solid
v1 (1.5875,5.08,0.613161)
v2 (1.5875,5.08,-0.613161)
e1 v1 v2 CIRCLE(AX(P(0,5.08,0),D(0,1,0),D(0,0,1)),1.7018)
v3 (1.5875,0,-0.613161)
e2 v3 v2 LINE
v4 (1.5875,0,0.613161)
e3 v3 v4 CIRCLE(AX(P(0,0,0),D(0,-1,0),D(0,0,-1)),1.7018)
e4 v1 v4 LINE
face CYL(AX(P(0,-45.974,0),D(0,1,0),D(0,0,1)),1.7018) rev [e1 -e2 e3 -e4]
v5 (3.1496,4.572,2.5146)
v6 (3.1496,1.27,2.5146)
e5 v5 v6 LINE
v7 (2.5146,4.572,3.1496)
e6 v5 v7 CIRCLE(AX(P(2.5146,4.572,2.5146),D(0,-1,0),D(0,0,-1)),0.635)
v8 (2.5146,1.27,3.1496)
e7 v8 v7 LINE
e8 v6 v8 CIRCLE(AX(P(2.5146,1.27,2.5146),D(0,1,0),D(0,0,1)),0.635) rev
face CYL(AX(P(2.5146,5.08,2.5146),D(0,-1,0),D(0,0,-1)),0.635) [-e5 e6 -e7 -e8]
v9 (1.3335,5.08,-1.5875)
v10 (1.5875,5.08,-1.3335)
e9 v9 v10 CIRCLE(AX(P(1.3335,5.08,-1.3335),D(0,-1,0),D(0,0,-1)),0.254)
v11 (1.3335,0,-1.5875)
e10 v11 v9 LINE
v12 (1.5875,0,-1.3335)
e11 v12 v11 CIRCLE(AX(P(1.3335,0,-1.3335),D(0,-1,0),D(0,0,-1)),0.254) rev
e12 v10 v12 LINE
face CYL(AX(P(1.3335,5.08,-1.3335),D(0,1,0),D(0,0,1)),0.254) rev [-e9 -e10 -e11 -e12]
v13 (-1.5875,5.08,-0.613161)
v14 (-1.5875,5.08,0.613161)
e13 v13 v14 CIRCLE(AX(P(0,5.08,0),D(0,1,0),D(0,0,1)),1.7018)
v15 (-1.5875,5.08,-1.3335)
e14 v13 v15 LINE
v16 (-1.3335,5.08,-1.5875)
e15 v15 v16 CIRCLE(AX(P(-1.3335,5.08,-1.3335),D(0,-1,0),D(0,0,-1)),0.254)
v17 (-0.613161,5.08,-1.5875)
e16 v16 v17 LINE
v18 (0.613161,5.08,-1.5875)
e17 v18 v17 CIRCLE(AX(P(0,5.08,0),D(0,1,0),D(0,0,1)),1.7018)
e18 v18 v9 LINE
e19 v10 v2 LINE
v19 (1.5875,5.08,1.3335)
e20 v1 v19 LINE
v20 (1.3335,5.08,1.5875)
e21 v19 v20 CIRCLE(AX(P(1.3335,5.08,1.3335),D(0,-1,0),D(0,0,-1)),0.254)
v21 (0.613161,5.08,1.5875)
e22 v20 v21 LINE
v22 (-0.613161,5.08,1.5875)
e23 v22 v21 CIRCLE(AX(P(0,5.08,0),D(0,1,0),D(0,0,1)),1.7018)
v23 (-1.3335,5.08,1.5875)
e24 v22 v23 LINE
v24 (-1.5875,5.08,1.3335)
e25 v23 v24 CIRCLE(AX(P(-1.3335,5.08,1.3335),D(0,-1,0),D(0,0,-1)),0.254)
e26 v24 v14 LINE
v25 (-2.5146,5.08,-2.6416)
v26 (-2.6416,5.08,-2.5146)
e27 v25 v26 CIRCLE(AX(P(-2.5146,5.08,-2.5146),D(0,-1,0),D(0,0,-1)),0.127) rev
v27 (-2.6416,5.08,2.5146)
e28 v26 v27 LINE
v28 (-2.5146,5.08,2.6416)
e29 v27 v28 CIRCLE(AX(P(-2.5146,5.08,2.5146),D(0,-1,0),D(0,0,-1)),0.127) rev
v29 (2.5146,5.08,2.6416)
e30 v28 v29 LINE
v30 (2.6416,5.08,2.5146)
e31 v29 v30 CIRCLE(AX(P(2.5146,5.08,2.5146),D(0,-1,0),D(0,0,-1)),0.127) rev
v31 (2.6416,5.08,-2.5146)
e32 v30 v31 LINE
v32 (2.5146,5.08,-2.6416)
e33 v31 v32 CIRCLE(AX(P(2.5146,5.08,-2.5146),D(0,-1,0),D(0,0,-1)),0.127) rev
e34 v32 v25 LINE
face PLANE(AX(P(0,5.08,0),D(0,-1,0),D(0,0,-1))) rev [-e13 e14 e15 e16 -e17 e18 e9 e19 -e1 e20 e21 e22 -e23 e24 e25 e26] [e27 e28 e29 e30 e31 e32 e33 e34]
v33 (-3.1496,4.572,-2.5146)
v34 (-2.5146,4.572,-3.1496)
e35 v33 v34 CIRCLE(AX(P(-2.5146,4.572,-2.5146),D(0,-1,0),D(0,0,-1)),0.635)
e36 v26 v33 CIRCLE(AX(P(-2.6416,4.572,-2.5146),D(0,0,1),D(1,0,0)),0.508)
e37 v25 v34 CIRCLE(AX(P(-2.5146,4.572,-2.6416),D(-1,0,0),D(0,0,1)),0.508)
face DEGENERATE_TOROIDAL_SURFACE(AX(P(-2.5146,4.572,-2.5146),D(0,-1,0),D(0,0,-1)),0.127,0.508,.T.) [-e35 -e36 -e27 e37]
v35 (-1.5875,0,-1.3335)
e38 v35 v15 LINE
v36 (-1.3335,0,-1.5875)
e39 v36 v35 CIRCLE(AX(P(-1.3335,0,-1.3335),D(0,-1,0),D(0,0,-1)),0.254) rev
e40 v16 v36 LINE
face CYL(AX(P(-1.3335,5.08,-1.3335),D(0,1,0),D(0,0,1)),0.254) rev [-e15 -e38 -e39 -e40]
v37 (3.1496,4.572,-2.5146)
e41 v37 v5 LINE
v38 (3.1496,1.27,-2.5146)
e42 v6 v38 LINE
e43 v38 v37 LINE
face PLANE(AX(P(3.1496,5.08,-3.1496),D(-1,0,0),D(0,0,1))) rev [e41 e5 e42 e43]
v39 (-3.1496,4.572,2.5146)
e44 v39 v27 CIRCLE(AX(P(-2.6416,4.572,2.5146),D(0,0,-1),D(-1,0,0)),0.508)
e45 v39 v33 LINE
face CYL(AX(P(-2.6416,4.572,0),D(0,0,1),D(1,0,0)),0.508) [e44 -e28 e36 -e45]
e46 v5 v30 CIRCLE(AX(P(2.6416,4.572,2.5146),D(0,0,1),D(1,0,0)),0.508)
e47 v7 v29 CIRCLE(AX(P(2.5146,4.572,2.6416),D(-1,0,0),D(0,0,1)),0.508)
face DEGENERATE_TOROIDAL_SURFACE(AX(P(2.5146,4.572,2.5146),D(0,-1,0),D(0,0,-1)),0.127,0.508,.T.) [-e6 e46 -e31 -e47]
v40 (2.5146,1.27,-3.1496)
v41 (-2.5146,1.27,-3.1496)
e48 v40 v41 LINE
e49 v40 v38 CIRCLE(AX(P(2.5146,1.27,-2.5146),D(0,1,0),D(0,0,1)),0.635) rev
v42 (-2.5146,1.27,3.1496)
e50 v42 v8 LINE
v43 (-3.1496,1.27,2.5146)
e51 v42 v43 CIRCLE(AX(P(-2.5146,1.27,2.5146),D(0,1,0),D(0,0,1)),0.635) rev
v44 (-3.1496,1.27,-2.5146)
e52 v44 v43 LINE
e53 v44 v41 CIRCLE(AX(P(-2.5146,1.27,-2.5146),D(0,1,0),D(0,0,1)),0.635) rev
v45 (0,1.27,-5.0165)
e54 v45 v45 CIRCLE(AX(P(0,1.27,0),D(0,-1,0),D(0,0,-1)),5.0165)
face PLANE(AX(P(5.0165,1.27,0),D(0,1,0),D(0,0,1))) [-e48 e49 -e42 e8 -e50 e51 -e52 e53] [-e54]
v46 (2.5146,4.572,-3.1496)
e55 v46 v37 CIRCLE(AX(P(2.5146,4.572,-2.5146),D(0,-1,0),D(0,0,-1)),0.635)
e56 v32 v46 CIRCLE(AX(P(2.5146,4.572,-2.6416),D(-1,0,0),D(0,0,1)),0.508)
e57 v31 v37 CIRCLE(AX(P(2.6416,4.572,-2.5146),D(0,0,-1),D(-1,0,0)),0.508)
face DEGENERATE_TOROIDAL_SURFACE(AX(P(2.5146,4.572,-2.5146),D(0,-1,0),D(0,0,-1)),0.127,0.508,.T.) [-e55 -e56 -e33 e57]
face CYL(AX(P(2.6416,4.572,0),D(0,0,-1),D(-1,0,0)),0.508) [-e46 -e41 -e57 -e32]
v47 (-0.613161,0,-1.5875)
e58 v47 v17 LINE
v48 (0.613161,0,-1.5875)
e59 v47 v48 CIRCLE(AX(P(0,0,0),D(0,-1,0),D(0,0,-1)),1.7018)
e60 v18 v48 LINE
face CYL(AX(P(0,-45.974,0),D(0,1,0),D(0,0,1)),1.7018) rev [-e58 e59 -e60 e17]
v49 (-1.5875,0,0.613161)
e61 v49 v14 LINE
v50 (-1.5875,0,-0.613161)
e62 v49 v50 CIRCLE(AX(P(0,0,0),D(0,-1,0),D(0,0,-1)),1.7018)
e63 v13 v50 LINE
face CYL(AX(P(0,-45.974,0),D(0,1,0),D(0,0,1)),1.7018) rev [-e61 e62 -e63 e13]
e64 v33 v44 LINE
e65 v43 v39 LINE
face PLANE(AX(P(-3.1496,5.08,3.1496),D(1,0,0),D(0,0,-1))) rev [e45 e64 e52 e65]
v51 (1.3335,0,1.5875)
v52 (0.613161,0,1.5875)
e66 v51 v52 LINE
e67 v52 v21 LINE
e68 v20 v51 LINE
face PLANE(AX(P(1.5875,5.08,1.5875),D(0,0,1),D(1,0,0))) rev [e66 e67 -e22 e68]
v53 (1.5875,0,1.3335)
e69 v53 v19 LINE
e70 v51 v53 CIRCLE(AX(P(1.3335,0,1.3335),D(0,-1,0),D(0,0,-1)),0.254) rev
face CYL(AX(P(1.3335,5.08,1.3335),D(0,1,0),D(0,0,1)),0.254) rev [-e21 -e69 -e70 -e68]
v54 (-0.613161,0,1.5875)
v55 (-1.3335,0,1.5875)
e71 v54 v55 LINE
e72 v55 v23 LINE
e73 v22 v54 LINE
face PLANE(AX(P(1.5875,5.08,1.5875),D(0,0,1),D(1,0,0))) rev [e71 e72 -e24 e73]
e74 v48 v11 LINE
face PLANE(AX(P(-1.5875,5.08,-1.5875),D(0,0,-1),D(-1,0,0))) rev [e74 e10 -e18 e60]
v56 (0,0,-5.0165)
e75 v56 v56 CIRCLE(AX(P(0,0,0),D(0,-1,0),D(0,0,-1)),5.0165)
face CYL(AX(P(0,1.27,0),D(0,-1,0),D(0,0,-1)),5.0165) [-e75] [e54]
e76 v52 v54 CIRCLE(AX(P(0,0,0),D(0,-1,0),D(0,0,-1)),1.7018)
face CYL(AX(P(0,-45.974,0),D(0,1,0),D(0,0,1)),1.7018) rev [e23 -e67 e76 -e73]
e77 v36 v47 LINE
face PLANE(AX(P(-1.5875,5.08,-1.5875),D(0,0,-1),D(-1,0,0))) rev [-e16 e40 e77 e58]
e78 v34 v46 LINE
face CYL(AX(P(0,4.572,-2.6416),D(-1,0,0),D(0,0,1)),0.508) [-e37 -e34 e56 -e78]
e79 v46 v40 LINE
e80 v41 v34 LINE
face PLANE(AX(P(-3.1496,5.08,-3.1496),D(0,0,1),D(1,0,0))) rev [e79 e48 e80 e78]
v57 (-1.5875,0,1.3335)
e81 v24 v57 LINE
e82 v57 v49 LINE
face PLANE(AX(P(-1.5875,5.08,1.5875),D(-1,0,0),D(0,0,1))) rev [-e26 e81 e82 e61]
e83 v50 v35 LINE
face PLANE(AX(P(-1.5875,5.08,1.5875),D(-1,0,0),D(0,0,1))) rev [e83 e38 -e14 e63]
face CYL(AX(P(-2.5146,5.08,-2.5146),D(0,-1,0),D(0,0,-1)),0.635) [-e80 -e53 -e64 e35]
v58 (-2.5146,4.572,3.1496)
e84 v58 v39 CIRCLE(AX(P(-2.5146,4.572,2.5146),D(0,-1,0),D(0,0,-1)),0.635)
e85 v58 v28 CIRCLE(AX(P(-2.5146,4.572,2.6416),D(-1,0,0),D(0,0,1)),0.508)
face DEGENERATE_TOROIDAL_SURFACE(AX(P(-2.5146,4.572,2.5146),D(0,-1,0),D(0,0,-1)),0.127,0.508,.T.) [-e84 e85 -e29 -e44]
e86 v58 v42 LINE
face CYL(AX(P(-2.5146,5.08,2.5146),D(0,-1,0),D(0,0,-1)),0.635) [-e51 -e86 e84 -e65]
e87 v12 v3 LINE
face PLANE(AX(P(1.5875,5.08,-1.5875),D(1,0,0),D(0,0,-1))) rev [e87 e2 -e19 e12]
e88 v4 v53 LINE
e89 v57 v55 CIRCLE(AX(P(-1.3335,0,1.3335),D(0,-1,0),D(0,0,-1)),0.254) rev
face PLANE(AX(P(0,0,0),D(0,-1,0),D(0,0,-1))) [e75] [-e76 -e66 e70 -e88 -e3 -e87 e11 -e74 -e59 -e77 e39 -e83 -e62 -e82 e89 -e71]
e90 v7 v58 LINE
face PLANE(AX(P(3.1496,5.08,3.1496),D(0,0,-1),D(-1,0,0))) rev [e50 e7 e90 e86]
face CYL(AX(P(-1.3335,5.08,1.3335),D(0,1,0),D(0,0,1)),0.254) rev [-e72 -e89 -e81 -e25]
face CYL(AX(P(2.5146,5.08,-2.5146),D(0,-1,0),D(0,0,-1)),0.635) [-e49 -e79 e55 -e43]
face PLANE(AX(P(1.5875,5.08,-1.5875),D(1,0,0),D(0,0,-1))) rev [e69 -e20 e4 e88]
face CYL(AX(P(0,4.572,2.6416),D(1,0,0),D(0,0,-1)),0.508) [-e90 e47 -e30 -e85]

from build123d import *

# Parameters (mm, degrees)
SKETCH1_W           = 5.0165
SKETCH1_H           = 1.27
SKETCH2_W           = 6.2992
SKETCH2_H           = 6.2992
BOSS_EXTRUDE1_DEPTH = 3.81
SKETCH3_W           = 3.175
SKETCH3_H           = 3.175
CUT_EXTRUDE1_DEPTH  = 6.08
FILLET1_R           = 0.635
FILLET2_R           = 0.254
FILLET3_R           = 0.508
SKETCH4_R           = 1.7018
CUT_EXTRUDE2_DEPTH  = 51.054


with BuildPart() as part:
    # Sketch1 → Revolve1 (revolve)
    with BuildSketch(Plane.XY):
        with Locations((2.50825, 0.635)):
            Rectangle(SKETCH1_W, SKETCH1_H)
    revolve(axis=Axis((0, 1.27, 0), (0, -1, 0)))

    # Sketch2 → Boss-Extrude1 (add)
    with BuildSketch(Plane(origin=(0, 1.27, 0), x_dir=(-1, 0, 0), z_dir=(0, 1, 0))):
        Rectangle(SKETCH2_W, SKETCH2_H)
    extrude(amount=BOSS_EXTRUDE1_DEPTH)

    # Sketch3 → Cut-Extrude1 (cut, through all)
    with BuildSketch(Plane.XZ):
        Rectangle(SKETCH3_W, SKETCH3_H)
    extrude(amount=-CUT_EXTRUDE1_DEPTH, mode=Mode.SUBTRACT)

    # Fillet1
    fillet1_edges = [part.edges().sort_by_distance(p)[0] for p in [
        (3.1496, 3.175, 3.1496),
        (3.1496, 3.175, -3.1496),
        (-3.1496, 3.175, -3.1496),
        (-3.1496, 3.175, 3.1496),
    ]]
    fillet(fillet1_edges, radius=FILLET1_R)

    # Fillet2
    fillet2_edges = [part.edges().sort_by_distance(p)[0] for p in [
        (-1.5875, 2.54, -1.5875),
        (-1.5875, 2.54, 1.5875),
        (1.5875, 2.54, 1.5875),
        (1.5875, 2.54, -1.5875),
    ]]
    fillet(fillet2_edges, radius=FILLET2_R)

    # Fillet3
    fillet3_edges = [part.edges().sort_by_distance(p)[0] for p in [
        (0, 5.08, 3.1496),
        (-3.1496, 5.08, 0),
        (3.1496, 5.08, 0),
        (0, 5.08, -3.1496),
        (2.963612806, 5.08, -2.963612806),
        (-2.963612806, 5.08, -2.963612806),
        (2.963612806, 5.08, 2.963612806),
        (-2.963612806, 5.08, 2.963612806),
    ]]
    fillet(fillet3_edges, radius=FILLET3_R)

    # Sketch4 → Cut-Extrude2 (cut)
    with BuildSketch(Plane(origin=(0, 5.08, 0), x_dir=(1, 0, 0), z_dir=(0, 1, 0))):
        Circle(SKETCH4_R)
    extrude(amount=-CUT_EXTRUDE2_DEPTH, mode=Mode.SUBTRACT)


solid = part.part
